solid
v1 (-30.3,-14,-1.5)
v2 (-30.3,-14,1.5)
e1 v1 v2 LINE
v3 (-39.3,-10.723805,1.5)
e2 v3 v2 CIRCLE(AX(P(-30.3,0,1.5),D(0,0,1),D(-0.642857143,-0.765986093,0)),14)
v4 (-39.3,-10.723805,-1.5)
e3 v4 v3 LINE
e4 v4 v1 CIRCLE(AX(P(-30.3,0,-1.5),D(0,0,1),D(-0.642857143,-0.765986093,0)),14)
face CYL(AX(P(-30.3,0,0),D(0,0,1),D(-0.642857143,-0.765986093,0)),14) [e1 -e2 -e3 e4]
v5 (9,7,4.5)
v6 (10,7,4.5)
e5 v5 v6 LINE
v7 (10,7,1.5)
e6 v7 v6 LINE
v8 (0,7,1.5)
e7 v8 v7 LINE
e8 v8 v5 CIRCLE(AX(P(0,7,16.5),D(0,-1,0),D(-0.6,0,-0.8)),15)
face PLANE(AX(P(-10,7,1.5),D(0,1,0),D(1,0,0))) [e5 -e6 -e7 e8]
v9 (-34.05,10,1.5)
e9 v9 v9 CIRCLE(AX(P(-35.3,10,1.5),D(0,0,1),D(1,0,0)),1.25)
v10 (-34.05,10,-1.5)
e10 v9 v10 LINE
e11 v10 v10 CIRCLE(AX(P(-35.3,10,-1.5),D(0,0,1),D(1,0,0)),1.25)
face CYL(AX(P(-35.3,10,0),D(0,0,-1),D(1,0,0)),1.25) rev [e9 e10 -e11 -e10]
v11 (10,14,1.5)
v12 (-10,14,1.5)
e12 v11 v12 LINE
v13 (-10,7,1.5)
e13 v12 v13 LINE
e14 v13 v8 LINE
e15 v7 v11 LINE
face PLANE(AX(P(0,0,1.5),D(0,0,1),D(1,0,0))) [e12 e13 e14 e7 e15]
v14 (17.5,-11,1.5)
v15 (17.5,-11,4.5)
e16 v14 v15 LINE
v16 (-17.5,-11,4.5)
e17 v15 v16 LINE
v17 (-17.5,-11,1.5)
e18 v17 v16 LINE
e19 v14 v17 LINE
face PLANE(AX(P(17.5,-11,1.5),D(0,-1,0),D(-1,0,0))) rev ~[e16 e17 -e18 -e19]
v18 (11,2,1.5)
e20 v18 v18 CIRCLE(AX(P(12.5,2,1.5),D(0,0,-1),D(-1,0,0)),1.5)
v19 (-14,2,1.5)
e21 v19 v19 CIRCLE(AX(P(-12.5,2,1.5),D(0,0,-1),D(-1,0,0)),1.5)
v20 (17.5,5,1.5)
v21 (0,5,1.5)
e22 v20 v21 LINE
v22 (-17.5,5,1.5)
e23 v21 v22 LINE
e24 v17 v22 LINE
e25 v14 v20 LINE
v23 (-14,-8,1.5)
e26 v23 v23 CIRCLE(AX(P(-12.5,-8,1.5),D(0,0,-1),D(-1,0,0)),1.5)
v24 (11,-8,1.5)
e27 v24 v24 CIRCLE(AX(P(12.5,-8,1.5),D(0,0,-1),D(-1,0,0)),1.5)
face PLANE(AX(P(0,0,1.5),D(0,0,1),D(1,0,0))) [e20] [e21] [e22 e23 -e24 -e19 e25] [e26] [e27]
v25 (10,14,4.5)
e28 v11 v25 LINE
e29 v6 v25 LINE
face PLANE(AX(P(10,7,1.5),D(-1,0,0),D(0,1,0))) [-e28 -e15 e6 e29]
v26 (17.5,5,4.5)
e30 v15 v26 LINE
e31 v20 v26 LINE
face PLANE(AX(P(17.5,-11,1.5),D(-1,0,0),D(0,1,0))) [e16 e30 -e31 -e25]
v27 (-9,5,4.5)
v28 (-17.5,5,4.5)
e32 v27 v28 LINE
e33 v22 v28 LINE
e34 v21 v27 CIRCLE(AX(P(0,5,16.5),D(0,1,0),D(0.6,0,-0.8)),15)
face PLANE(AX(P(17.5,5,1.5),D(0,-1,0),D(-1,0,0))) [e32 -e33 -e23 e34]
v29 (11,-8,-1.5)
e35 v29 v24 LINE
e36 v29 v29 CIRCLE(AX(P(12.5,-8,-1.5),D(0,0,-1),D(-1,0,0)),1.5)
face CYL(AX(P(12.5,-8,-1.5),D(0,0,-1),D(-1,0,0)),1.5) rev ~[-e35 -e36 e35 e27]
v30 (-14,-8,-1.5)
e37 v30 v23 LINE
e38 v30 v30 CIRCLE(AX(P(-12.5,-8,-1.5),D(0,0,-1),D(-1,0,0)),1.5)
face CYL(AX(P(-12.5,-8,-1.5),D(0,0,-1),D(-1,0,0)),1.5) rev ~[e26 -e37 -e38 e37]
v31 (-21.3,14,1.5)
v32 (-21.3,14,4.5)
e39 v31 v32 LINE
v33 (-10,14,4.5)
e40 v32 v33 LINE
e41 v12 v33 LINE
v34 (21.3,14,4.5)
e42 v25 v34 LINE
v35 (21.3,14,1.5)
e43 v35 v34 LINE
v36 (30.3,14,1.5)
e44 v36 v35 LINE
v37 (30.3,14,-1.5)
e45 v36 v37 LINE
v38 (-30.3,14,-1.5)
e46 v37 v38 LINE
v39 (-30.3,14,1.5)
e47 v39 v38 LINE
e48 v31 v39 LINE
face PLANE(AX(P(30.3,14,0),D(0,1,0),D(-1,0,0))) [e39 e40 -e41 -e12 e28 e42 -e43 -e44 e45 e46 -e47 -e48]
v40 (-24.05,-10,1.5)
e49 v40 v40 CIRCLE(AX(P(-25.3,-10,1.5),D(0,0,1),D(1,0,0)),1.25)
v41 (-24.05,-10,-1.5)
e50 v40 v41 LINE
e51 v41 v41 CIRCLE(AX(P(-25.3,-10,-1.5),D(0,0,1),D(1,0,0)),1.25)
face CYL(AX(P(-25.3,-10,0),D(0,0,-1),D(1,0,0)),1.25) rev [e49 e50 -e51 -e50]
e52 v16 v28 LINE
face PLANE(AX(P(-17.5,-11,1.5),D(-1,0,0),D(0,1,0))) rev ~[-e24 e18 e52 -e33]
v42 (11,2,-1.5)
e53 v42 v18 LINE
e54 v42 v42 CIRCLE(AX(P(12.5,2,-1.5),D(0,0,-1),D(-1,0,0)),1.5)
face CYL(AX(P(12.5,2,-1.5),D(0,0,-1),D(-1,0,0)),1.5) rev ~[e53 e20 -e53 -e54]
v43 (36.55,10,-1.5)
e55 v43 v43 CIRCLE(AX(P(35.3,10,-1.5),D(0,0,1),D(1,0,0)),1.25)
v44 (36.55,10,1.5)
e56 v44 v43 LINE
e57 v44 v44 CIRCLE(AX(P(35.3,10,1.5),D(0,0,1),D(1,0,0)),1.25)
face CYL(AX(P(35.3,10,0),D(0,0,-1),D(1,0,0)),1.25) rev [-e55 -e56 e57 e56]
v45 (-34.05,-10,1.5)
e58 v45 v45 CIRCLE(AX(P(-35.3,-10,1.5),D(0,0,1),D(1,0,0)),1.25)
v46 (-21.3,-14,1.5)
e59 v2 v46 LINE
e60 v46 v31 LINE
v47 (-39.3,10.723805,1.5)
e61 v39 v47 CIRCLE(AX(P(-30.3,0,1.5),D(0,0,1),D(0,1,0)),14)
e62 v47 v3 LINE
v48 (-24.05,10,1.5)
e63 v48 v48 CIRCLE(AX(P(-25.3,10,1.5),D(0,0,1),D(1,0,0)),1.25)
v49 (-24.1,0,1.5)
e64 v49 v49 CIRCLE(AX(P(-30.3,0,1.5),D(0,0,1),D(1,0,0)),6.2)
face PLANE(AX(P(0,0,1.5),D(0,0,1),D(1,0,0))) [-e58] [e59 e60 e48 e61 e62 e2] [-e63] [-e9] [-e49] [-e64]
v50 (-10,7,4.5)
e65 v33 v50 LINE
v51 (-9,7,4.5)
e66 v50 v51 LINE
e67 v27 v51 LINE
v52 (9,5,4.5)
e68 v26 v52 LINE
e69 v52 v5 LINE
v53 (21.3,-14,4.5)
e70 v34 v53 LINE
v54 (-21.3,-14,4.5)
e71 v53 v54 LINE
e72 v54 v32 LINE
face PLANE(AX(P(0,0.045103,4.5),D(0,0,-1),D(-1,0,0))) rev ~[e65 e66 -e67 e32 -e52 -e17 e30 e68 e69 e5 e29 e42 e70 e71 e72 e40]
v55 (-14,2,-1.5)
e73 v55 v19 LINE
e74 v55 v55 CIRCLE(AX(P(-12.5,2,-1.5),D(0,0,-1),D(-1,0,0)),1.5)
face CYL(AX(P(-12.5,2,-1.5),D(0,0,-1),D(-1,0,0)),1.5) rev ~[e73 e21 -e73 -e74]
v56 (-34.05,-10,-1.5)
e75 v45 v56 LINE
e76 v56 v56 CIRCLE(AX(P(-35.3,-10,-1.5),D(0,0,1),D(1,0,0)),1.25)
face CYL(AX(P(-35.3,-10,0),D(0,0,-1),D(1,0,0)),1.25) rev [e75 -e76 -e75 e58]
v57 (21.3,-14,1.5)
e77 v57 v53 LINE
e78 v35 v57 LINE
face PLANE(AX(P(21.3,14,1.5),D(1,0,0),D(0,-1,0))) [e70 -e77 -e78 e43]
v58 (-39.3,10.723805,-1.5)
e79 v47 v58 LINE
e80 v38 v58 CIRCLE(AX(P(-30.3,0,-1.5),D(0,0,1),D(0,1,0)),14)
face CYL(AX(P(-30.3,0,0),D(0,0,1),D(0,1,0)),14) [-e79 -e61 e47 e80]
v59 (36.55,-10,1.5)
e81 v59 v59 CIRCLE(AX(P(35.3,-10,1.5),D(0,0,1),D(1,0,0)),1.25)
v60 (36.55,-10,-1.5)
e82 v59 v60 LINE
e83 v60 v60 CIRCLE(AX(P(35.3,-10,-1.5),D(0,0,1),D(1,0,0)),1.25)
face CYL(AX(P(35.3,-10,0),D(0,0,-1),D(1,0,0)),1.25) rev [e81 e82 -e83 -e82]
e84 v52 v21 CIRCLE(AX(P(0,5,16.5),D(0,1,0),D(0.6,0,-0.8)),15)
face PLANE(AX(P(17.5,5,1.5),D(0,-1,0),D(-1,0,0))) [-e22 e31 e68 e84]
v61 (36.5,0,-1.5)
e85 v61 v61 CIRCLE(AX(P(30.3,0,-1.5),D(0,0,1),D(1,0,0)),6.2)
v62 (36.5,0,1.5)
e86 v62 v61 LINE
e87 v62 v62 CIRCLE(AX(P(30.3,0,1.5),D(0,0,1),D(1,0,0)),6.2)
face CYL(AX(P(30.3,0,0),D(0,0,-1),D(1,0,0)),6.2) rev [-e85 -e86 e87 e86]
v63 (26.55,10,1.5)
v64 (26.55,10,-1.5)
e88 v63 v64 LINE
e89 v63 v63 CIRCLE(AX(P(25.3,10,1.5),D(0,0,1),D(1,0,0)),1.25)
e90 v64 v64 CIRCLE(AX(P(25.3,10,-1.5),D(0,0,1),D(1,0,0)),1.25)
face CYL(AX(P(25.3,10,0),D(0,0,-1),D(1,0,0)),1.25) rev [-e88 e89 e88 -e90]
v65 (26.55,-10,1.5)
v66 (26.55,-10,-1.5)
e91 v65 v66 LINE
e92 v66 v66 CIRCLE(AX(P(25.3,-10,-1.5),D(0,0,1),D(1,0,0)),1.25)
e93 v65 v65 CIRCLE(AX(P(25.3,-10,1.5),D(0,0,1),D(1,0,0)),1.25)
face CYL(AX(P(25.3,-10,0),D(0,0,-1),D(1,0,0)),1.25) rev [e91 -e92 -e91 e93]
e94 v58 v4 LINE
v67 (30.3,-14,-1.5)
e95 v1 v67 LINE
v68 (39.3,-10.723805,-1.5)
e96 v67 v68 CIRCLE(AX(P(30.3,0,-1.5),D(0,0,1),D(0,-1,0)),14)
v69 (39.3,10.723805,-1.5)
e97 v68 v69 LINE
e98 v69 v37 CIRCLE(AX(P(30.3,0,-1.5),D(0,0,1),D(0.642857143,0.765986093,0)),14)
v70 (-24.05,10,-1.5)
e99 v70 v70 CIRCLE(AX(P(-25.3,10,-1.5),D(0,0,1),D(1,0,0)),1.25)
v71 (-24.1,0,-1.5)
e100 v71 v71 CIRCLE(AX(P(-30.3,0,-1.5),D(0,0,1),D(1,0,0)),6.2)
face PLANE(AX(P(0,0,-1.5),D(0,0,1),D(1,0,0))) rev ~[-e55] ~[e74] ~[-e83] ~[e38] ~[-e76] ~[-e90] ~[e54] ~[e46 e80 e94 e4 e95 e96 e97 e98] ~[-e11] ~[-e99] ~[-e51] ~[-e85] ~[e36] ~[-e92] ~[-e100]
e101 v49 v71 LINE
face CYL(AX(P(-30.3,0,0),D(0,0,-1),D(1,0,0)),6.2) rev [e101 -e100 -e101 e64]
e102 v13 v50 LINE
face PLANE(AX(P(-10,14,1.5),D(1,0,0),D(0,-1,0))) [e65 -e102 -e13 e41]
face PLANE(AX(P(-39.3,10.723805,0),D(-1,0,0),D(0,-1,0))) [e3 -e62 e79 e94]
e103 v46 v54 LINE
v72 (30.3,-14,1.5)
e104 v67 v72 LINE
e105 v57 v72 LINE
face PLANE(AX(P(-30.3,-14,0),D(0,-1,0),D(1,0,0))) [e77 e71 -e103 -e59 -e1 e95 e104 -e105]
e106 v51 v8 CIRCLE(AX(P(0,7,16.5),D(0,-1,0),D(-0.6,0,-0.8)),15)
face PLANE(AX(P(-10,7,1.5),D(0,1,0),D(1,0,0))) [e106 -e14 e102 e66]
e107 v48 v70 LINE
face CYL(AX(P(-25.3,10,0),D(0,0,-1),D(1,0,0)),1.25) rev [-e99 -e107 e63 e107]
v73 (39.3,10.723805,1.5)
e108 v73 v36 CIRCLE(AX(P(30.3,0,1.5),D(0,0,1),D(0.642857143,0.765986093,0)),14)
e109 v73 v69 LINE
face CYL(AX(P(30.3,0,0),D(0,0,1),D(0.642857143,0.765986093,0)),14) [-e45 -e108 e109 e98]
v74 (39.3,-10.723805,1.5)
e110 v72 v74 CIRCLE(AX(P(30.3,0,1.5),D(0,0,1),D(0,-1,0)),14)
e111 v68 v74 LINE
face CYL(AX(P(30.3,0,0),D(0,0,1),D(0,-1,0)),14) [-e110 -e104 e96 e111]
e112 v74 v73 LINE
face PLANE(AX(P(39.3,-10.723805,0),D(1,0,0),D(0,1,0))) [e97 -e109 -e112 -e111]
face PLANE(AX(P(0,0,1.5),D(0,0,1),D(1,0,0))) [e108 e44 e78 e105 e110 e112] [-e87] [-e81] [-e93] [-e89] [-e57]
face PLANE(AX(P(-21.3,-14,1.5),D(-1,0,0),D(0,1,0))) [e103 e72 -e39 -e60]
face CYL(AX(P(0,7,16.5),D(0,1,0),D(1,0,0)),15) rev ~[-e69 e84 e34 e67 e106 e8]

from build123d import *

# Parameters (mm, degrees)
SKETCH1_R              = 6.2
SKETCH1_R_2            = 1.25
MAIN_DEPTH             = 1.5
SKETCH2_W              = 35
SKETCH2_H              = 16
FRAMEWORK_DEPTH        = 3
SKETCH3_R              = 1.5
FIXHOLE_DEPTH          = 7
HOLEPATTERN_COUNT      = 2
HOLEPATTERN_PITCH      = 25
HOLEPATTERN_COUNT_DIR2 = 2
HOLEPATTERN_PITCH_DIR2 = 10
CUT_EXTRUDE1_REACH     = 23
SKETCH4_R              = 15


with BuildPart() as part:
    # Sketch1 → Main (new body, symmetric)
    with BuildSketch(Plane.XY):
        with BuildLine():
            Line((-39.3, 10.723805295), (-39.3, -10.723805295))
            ThreePointArc((-39.3, -10.723805295), (-35.08887909, -13.155479355), (-30.3, -14))
            Line((-30.3, -14), (30.3, -14))
            ThreePointArc((30.3, -14), (35.08887909, -13.155479355), (39.3, -10.723805295))
            Line((39.3, -10.723805295), (39.3, 10.723805295))
            ThreePointArc((39.3, 10.723805295), (35.08887909, 13.155479355), (30.3, 14))
            Line((30.3, 14), (-30.3, 14))
            ThreePointArc((-30.3, 14), (-35.08887909, 13.155479355), (-39.3, 10.723805295))
        make_face()
        with Locations((-30.3, 0)):
            Circle(SKETCH1_R, mode=Mode.SUBTRACT)
        with Locations((-35.3, 10)):
            Circle(SKETCH1_R_2, mode=Mode.SUBTRACT)
        with Locations((-25.3, 10)):
            Circle(SKETCH1_R_2, mode=Mode.SUBTRACT)
        with Locations((-35.3, -10)):
            Circle(SKETCH1_R_2, mode=Mode.SUBTRACT)
        with Locations((-25.3, -10)):
            Circle(SKETCH1_R_2, mode=Mode.SUBTRACT)
        with Locations((30.3, 0)):
            Circle(SKETCH1_R, mode=Mode.SUBTRACT)
        with Locations((25.3, 10)):
            Circle(SKETCH1_R_2, mode=Mode.SUBTRACT)
        with Locations((35.3, 10)):
            Circle(SKETCH1_R_2, mode=Mode.SUBTRACT)
        with Locations((25.3, -10)):
            Circle(SKETCH1_R_2, mode=Mode.SUBTRACT)
        with Locations((35.3, -10)):
            Circle(SKETCH1_R_2, mode=Mode.SUBTRACT)
    extrude(amount=MAIN_DEPTH, both=True)

    # Sketch2 → Framework (add)
    with BuildSketch(Plane(origin=(0, 0, 1.5), x_dir=(-1, 0, 0), z_dir=(0, 0, -1))):
        Polygon((21.3, 14), (10, 14), (10, 7), (-10, 7), (-10, 14), (-21.3, 14), (-21.3, -14), (21.3, -14), align=None)
        with Locations((0, -3)):
            Rectangle(SKETCH2_W, SKETCH2_H, mode=Mode.SUBTRACT)
    extrude(amount=-FRAMEWORK_DEPTH)

    # Sketch3 → FixHole (cut, through all)
    with BuildSketch(Plane(origin=(0, 0, -1.5), x_dir=(-1, 0, 0), z_dir=(0, 0, -1))):
        with Locations((12.5, -8)):
            Circle(SKETCH3_R)
    fixhole = extrude(amount=-FIXHOLE_DEPTH, mode=Mode.SUBTRACT)

    # HolePattern: FixHole 2 × 2
    with Locations(*[(i * HOLEPATTERN_PITCH, j * HOLEPATTERN_PITCH_DIR2, 0) for i in range(HOLEPATTERN_COUNT) for j in range(HOLEPATTERN_COUNT_DIR2) if (i, j) != (0, 0)]):
        add(fixhole, mode=Mode.SUBTRACT)

    # Sketch4 → Cut-Extrude1 (cut, up to next)
    with BuildSketch(Plane(origin=(0, 7, 0), x_dir=(1, 0, 0), z_dir=(0, 1, 0)), mode=Mode.PRIVATE) as cut_extrude1_sk1:
        with Locations((0, -16.5)):
            Circle(SKETCH4_R)
    cut_extrude1_tool1 = extrude(cut_extrude1_sk1.sketch, amount=-CUT_EXTRUDE1_REACH, mode=Mode.PRIVATE) & part.part
    add(cut_extrude1_tool1.solids().sort_by_distance((0, 7, 16.5))[0], mode=Mode.SUBTRACT)


solid = part.part
